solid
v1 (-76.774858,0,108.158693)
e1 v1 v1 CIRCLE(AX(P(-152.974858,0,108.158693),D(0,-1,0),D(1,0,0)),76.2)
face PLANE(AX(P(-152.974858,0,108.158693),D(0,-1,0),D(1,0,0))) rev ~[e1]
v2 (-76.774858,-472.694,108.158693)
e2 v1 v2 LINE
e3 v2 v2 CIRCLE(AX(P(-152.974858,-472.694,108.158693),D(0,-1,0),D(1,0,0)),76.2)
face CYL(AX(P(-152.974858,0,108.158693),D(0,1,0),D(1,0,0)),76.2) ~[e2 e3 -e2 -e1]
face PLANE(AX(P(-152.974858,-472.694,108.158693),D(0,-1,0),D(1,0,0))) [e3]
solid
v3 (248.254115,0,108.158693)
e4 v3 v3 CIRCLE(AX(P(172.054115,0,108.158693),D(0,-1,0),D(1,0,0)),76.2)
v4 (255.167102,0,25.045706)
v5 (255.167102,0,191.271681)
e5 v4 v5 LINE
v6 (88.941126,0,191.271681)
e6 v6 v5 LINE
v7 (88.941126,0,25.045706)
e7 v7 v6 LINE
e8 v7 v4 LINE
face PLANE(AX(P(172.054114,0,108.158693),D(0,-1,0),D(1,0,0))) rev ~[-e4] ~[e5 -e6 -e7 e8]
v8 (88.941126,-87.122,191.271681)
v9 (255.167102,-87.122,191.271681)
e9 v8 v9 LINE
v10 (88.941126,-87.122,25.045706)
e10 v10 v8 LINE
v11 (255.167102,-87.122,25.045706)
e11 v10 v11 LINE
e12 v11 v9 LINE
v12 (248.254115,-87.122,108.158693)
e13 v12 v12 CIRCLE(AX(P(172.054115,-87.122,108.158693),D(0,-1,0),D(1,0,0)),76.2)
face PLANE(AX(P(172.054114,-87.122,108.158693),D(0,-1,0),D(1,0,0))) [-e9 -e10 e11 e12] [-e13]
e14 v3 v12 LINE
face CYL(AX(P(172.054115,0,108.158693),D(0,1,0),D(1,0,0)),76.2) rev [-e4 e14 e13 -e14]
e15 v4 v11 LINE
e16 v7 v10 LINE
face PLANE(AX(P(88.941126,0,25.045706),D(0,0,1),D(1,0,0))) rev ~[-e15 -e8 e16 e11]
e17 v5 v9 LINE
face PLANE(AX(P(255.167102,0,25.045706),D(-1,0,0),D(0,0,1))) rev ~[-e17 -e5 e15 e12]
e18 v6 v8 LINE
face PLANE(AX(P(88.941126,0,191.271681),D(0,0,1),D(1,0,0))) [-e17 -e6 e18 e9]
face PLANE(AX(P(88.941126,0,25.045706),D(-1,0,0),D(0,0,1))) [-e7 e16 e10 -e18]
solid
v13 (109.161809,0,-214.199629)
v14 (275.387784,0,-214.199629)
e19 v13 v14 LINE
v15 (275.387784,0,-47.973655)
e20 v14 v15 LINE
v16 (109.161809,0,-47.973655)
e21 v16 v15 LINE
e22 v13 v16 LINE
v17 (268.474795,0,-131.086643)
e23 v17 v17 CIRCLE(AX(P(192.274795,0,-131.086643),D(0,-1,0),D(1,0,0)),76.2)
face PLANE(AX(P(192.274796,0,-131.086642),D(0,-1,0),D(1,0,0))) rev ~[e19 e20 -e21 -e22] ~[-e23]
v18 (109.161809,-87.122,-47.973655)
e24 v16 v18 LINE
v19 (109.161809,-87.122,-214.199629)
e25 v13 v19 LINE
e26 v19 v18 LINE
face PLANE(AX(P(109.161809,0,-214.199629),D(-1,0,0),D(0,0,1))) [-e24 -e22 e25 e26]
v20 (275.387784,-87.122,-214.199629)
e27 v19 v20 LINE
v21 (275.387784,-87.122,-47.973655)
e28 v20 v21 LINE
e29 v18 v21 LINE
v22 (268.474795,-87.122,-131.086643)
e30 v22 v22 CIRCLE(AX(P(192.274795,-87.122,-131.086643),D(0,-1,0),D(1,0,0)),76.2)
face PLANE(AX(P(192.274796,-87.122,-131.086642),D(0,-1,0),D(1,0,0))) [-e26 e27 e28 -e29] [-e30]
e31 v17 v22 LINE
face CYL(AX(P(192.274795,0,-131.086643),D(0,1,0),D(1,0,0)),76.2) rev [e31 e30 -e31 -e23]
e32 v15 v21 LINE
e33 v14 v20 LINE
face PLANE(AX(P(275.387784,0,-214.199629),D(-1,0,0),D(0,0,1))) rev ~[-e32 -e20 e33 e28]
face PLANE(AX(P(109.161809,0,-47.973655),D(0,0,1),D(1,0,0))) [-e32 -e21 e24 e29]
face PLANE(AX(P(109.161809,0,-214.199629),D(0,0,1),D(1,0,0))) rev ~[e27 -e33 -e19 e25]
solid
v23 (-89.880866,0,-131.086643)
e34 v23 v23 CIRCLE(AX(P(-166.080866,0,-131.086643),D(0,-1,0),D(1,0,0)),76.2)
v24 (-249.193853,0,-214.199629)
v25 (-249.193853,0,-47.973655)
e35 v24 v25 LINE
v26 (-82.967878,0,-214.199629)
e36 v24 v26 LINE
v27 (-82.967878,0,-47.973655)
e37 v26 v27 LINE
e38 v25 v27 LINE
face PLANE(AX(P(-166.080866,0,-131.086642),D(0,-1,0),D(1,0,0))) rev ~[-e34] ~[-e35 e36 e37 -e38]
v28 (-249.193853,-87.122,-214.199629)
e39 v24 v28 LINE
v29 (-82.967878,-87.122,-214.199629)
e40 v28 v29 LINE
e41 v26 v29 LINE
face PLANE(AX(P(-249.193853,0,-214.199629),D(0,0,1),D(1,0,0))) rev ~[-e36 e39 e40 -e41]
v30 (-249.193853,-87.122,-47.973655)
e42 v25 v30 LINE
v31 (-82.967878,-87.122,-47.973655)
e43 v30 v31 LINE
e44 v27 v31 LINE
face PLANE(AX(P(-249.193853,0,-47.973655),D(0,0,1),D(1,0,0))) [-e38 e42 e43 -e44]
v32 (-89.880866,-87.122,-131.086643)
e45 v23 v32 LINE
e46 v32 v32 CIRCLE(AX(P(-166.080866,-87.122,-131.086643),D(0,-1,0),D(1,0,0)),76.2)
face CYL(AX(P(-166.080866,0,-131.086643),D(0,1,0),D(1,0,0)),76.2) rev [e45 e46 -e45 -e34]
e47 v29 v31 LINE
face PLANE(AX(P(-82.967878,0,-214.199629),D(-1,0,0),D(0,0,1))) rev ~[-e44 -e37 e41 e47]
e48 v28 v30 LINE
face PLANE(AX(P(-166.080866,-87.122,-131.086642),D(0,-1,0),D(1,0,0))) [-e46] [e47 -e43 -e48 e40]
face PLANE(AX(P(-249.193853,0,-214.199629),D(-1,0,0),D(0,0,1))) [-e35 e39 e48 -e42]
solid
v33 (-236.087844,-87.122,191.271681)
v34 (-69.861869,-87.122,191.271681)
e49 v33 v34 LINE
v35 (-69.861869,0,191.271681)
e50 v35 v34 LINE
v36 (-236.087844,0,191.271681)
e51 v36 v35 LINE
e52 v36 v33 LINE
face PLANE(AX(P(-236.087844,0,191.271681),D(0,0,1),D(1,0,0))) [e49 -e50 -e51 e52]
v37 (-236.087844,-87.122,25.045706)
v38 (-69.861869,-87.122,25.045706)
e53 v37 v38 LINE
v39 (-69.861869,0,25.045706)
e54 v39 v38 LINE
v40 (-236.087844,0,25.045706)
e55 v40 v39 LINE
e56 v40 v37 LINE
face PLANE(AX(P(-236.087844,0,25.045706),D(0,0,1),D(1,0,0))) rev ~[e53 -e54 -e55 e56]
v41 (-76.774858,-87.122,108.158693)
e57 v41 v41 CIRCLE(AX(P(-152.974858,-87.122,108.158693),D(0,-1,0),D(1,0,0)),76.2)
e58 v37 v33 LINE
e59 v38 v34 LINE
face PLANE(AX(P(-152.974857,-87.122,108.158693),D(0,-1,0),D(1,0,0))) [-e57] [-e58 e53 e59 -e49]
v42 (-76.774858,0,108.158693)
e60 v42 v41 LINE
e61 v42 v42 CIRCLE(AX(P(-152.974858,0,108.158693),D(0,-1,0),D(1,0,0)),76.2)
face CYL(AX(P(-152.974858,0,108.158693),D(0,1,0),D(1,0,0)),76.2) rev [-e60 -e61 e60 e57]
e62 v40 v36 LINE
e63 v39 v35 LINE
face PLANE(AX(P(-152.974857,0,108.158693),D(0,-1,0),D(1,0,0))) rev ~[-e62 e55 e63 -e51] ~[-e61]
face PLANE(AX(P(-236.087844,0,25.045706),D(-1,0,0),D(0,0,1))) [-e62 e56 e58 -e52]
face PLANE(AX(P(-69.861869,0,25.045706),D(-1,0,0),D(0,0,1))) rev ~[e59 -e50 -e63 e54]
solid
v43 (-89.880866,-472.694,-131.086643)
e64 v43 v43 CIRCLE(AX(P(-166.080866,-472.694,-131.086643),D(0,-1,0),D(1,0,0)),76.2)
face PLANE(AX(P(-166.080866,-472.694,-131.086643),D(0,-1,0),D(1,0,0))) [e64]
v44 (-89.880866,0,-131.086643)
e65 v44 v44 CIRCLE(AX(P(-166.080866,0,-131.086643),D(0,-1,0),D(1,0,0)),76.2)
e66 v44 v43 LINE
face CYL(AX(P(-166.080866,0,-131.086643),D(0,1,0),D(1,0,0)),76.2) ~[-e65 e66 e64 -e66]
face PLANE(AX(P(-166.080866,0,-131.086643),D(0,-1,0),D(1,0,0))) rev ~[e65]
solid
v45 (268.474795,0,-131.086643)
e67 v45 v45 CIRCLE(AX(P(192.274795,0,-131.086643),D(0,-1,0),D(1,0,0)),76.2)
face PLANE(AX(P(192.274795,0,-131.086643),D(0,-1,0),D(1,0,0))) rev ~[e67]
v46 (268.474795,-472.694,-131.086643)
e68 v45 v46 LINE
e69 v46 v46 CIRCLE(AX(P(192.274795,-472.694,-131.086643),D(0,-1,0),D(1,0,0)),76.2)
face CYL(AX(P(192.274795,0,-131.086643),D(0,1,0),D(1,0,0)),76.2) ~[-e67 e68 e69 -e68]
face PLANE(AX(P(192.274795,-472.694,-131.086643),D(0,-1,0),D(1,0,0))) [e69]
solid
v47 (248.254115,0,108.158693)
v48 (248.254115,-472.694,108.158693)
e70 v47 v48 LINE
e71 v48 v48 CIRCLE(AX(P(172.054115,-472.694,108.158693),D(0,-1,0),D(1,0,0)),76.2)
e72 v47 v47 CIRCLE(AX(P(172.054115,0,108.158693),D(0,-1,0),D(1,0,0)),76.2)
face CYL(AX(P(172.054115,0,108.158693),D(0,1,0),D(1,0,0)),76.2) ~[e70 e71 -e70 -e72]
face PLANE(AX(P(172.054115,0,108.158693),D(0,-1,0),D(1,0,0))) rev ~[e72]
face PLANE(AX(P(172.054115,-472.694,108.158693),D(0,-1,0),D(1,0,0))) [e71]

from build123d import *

# Parameters (mm, degrees)
F0_W     = 166.225975
F0_H     = 166.225975
F0_R     = 76.2
F1_DEPTH = 87.122
F2_DEPTH = 472.694


with BuildPart() as f1:
    # F0 (on Front) → F1 (new body)
    with BuildSketch(Plane.XZ):
        with Locations((-152.974857, 108.158693)):
            Rectangle(F0_W, F0_H)
        with Locations((-152.974858, 108.158693)):
            Circle(F0_R, mode=Mode.SUBTRACT)
        with Locations((-166.080866, -131.086642)):
            Rectangle(F0_W, F0_H)
        with Locations((-166.080866, -131.086643)):
            Circle(F0_R, mode=Mode.SUBTRACT)
        with Locations((192.274796, -131.086642)):
            Rectangle(F0_W, F0_H)
        with Locations((192.274795, -131.086643)):
            Circle(F0_R, mode=Mode.SUBTRACT)
        with Locations((172.054114, 108.158693)):
            Rectangle(F0_W, F0_H)
        with Locations((172.054115, 108.158693)):
            Circle(F0_R, mode=Mode.SUBTRACT)
    extrude(amount=F1_DEPTH)


with BuildPart() as f2:
    # F0 (on Front) → F2 (new body)
    with BuildSketch(Plane.XZ):
        with Locations((-166.080866, -131.086643)):
            Circle(F0_R)
        with Locations((-152.974858, 108.158693)):
            Circle(F0_R)
        with Locations((172.054115, 108.158693)):
            Circle(F0_R)
        with Locations((192.274795, -131.086643)):
            Circle(F0_R)
    extrude(amount=F2_DEPTH)


solid = Compound([f1.part, f2.part])
